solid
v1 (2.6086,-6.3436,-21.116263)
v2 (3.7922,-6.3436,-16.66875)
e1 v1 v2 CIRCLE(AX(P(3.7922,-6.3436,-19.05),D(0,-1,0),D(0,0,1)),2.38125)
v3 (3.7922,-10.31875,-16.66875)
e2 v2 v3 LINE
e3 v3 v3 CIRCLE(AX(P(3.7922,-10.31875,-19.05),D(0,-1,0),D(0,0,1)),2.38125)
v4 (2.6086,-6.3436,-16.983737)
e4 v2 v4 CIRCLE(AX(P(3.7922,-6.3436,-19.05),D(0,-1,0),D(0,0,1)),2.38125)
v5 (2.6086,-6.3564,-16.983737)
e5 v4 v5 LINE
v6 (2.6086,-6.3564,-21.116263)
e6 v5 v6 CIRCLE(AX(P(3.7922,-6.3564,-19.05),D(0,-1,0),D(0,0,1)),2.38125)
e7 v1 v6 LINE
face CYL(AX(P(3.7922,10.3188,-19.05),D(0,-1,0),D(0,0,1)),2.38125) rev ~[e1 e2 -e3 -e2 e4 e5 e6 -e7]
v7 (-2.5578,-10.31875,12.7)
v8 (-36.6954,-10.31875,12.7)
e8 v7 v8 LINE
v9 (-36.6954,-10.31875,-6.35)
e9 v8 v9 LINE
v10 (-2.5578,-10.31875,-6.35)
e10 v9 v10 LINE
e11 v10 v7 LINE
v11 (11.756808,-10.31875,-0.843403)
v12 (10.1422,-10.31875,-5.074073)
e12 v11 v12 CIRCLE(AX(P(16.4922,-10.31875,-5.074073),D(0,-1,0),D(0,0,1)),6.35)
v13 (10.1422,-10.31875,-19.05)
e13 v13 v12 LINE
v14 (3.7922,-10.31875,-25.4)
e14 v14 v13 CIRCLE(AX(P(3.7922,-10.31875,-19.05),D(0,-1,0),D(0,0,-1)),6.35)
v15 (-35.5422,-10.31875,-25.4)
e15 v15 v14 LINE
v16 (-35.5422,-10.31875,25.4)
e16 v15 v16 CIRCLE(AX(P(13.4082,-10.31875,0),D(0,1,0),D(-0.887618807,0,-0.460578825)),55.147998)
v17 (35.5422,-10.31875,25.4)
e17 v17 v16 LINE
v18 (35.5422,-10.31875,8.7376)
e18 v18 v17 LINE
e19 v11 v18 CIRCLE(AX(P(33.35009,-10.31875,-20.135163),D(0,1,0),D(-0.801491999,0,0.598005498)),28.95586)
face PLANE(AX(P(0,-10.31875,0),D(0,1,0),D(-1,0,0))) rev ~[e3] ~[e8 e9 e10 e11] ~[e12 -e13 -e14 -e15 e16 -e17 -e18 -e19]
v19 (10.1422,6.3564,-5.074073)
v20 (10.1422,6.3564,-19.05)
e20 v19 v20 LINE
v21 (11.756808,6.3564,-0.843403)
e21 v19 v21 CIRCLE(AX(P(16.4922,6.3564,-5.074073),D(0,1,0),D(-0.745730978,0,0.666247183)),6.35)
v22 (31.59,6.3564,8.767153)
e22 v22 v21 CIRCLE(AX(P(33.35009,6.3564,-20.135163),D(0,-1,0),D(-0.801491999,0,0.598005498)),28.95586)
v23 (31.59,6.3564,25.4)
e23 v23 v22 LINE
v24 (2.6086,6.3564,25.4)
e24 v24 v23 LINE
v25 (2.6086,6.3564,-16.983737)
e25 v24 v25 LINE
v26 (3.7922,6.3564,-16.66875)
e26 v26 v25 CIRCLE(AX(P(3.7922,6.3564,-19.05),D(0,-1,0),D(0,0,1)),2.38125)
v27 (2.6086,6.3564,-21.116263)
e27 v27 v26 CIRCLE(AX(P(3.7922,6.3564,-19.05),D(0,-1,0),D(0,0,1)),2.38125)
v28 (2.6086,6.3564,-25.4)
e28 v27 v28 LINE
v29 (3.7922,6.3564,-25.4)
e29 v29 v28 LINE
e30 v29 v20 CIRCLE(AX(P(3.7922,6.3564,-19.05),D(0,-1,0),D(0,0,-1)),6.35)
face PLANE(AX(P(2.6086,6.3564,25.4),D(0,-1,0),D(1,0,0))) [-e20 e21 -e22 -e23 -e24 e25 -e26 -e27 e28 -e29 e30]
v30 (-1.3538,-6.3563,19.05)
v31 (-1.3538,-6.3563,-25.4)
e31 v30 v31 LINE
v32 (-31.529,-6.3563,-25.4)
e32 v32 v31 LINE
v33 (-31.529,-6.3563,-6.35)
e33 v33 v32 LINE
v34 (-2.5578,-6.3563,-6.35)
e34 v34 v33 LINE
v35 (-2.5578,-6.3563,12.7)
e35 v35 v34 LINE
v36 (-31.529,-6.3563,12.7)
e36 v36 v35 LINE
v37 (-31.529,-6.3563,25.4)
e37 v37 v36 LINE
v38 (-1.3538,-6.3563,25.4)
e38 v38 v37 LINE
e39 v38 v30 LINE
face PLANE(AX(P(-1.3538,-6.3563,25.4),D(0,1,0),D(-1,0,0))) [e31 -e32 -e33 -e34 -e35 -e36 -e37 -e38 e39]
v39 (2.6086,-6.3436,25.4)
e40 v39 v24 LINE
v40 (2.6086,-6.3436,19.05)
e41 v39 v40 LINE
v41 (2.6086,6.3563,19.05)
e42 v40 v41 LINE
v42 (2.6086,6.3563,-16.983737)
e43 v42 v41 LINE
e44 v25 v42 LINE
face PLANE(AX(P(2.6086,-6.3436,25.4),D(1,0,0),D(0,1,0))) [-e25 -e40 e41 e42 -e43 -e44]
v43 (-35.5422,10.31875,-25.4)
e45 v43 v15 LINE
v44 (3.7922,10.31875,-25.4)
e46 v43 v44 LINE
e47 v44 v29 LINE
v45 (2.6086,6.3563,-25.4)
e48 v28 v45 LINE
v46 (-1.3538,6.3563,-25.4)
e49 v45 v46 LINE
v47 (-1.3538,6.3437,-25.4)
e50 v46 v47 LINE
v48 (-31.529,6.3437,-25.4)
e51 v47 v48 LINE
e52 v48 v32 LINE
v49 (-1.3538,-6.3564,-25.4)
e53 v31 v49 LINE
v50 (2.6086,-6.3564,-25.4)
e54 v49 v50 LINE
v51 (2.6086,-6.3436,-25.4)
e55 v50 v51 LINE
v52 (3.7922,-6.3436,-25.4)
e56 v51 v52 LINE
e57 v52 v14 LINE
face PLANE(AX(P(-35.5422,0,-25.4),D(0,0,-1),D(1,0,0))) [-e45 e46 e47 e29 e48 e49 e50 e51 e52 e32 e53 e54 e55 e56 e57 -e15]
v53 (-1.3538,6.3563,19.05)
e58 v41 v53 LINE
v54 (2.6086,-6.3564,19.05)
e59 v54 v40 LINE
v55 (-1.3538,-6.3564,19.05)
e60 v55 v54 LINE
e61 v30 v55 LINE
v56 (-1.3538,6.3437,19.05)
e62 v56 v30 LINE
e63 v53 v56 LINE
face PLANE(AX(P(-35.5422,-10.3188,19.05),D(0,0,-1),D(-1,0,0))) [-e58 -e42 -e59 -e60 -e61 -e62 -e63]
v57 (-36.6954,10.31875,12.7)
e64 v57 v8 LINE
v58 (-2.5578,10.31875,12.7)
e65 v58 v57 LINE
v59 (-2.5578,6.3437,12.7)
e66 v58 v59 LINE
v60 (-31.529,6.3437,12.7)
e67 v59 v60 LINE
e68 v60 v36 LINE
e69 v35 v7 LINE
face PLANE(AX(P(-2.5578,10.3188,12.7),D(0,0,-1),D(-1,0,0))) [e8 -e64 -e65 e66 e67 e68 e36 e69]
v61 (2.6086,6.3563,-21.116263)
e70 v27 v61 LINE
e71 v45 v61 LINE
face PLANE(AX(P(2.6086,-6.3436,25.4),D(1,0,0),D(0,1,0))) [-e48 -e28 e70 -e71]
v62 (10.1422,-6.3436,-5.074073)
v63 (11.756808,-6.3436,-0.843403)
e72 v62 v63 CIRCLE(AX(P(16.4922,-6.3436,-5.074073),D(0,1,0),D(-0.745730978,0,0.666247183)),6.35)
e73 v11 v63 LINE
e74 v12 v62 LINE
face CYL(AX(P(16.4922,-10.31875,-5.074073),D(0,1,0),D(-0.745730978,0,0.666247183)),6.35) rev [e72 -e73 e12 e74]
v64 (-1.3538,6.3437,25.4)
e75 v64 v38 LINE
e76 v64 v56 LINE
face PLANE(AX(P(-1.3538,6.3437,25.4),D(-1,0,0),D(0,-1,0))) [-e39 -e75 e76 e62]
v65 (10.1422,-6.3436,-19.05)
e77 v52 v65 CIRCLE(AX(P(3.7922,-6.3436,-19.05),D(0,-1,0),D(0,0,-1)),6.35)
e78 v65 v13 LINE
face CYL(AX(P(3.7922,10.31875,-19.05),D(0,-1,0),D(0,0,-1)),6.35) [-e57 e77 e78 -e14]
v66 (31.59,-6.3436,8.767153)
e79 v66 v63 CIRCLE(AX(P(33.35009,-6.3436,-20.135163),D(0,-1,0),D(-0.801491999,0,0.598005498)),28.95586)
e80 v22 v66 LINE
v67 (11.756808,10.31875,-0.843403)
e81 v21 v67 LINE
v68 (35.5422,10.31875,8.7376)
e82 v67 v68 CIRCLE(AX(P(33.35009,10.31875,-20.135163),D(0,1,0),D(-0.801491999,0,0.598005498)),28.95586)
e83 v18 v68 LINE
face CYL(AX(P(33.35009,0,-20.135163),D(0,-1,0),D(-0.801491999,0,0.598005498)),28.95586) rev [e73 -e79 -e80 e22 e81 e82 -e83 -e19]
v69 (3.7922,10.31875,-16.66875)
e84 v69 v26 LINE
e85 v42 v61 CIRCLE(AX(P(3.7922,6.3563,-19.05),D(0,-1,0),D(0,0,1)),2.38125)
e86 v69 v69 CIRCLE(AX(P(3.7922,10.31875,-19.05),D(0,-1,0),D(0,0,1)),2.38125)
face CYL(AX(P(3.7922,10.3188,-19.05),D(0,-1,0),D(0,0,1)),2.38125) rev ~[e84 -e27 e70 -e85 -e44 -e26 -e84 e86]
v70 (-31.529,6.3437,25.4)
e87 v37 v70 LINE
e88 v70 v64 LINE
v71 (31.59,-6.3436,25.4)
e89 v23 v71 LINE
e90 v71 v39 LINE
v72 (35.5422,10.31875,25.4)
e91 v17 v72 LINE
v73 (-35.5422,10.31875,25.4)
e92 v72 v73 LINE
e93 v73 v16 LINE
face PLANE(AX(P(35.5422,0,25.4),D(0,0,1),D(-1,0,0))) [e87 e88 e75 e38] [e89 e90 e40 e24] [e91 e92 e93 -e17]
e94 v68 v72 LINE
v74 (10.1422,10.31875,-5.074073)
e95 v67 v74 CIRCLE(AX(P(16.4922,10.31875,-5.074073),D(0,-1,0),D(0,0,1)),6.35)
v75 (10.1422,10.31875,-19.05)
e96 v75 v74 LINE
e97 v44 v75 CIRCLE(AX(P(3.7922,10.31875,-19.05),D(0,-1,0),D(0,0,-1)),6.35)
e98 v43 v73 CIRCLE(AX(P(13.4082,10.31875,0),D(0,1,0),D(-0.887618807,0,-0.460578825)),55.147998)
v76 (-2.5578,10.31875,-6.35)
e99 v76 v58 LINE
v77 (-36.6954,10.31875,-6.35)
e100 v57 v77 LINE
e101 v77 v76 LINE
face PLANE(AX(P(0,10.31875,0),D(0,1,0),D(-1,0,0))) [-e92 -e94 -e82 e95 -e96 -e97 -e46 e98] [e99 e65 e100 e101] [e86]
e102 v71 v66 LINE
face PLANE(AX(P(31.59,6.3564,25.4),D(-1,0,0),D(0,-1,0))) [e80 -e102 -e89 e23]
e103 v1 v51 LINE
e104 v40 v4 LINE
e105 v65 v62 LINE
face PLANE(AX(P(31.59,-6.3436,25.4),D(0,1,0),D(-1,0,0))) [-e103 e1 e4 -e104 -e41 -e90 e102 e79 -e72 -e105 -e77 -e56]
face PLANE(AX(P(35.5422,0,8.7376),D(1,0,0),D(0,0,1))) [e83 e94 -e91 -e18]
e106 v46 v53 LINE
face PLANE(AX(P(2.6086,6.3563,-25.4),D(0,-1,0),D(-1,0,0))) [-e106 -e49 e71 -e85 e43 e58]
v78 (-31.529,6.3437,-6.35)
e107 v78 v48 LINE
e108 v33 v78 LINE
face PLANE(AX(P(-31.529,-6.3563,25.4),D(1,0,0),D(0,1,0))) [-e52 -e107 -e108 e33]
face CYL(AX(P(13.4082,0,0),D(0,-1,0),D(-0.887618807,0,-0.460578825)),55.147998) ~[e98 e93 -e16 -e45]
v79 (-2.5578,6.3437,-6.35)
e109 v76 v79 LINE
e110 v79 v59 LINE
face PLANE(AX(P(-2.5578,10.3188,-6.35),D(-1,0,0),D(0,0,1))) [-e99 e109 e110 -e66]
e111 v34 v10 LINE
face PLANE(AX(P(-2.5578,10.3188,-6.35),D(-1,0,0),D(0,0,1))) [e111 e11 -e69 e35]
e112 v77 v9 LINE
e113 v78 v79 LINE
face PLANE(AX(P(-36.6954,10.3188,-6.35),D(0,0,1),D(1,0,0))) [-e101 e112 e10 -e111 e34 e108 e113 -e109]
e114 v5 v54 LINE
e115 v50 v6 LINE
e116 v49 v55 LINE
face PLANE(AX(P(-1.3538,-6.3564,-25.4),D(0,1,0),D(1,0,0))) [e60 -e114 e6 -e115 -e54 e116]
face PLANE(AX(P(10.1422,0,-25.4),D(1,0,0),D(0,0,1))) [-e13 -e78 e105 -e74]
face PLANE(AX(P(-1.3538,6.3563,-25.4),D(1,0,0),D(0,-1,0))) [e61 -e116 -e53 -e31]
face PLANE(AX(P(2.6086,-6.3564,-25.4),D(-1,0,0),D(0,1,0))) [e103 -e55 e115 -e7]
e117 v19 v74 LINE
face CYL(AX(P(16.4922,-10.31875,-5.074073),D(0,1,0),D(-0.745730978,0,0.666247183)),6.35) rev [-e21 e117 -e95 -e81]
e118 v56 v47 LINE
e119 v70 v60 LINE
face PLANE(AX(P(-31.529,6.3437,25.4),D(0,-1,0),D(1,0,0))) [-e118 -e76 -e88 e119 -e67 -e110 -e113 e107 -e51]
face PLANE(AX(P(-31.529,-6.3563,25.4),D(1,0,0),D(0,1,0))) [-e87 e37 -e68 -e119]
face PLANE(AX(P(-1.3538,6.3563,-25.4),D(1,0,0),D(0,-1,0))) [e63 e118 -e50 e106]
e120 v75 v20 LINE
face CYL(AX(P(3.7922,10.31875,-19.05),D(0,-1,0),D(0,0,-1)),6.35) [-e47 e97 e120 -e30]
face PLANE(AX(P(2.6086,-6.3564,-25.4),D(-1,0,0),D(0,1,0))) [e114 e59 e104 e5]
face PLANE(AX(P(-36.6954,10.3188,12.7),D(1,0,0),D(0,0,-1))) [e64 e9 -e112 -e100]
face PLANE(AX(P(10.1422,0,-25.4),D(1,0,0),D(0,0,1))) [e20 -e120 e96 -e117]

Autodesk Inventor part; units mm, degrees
ref_plane "YZ Plane" through (0, 0, 0) normal (1, 0, 0) x (0, 1, 0)
ref_plane "XZ Plane" through (0, 0, 0) normal (0, 1, 0) x (-1, 0, 0)
sketch "Sketch1" plane through (0, 0, 0) normal (0, 1, 0) x (-1, 0, 0)
  line L0 (-35.5422, 25.4) -> (35.5422, 25.4)
  line L1 (35.5422, -25.4) -> (-10.1422, -25.4)
  line L2 (-35.5422, 8.7376) -> (-35.5422, 25.4)
  line L3 (-10.1422, -25.4) -> (-10.1422, -2.8194)
  arc A0 (-10.1422, -2.8194) -> (-35.5422, 8.7376) centre (-33.3502, -20.1353) ccw
  line L4 (35.5422, 25.4) -> (35.5422, -25.4) construction
  line L5 (35.5422, 0) -> (41.7398, 0) construction
  arc A1 (35.5422, -25.4) -> (35.5422, 25.4) centre (-13.4082, 0) ccw
  point P0 (0, 0)
  dimension "d2" = 22.5806
  dimension "d3" = 28.956
  dimension "d4" = 16.6624
  dimension "d5" = 50.8
  dimension "d7" = 71.0844
  dimension "d8" = 45.6844
  dimension "d12" = 6.1976
extrude "Extrusion1" add sketch "Sketch1" along normal mid plane 20.6375
fillet "Fillet1" radius 6.35 2 edges at (10.1422, 0, -25.4) (10.1422, 0, -2.8194)
sketch "Sketch2" plane through (0, 10.3188, 0) normal (0, 1, 0) x (1, 0, 0)
  point P0 (0, 0)
sketch "Sketch3" plane through (0, 10.3188, 0) normal (0, 1, 0) x (1, 0, 0)
  line L0 (-36.6954, 6.35) -> (-2.5578, 6.35)
  line L1 (-2.5578, 6.35) -> (-2.5578, -12.7)
  line L2 (-2.5578, -12.7) -> (-36.6954, -12.7)
  line L3 (-36.6954, -12.7) -> (-36.6954, 6.35)
  line L4 (3.7922, 25.4) -> (-35.5422, 25.4) projected
  line L5 (35.5422, -25.4) -> (35.5422, -8.7376) projected
  point P0 (0, 0)
  dimension "d13" = 34.1376
  dimension "d14" = 19.05
  dimension "d15" = 19.05
  dimension "d16" = 38.1
extrude "Extrusion2" cut sketch "Sketch3" against normal through all
sketch "Sketch4" plane through (-35.5422, 10.3188, 25.4) normal (0, 0, 1) x (1, 0, 0)
  line L0 (4.0132, -3.9751) -> (34.1884, -3.9751)
  line L1 (34.1884, -3.9751) -> (34.1884, -16.6751)
  line L2 (34.1884, -16.6751) -> (4.0132, -16.6751)
  line L3 (4.0132, -16.6751) -> (4.0132, -3.9751)
  line L4 (71.0844, -20.6375) -> (0, -20.6375) projected
  line L5 (0, 0) -> (0, -20.6375) projected
  line L6 (38.1508, -3.9624) -> (67.1322, -3.9624)
  line L7 (67.1322, -3.9624) -> (67.1322, -16.6624)
  line L8 (67.1322, -16.6624) -> (38.1508, -16.6624)
  line L9 (38.1508, -16.6624) -> (38.1508, -3.9624)
  line L10 (0, 0) -> (71.0844, 0) projected
  point P0 (35.5422, -10.3188)
  point P1 (34.1884, -10.3251)
  dimension "d19" = 30.1752
  dimension "d20" = 3.9624
  dimension "d21" = 12.7
  dimension "d22" = 4.0132
  dimension "d23" = 3.9624
  dimension "d24" = 28.9814
  dimension "d25" = 3.9624
  dimension "d26" = 12.7
extrude "Extrusion3" cut sketch "Sketch4" against normal through all
sketch "Sketch5" plane through (-35.5422, -10.3188, -25.4) normal (0, 0, -1) x (-1, 0, 0)
  line L0 (-38.1508, 16.6751) -> (-34.1884, 16.6751)
  line L1 (-34.1884, 16.6751) -> (-34.1884, 3.9624)
  line L2 (-34.1884, 3.9624) -> (-38.1508, 3.9624)
  line L3 (-38.1508, 3.9624) -> (-38.1508, 16.6751)
  point P0 (-35.5422, 10.3188)
ref_plane "Work Plane1" through (-35.5422, 10.3188, 19.05) normal (0, 0, 1) x (1, 0, 0)
extrude "Extrusion4" cut sketch "Sketch5" against normal up to surface (44.45 mm away)
sketch "Sketch6" plane through (0, 10.3188, 0) normal (0, 1, 0) x (1, 0, 0)
  arc A0 (10.1422, 19.05) -> (3.7922, 25.4) centre (3.7922, 19.05) ccw projected
  point P0 (0, 0)
hole "Hole1" at (3.7922, 10.3188, -19.05) direction (0, -1, 0) diameter 4.7625 end through all
sketch "Sketch7" plane through (0, 10.3188, 0) normal (0, 1, 0) x (1, 0, 0)
  arc A0 (10.1422, 19.05) -> (3.7922, 25.4) centre (3.7922, 19.05) ccw construction
  line L0 (3.7922, 19.05) -> (3.7922, 25.4) construction
  point P0 (0, 0)
  dimension "d39" = 6.35
